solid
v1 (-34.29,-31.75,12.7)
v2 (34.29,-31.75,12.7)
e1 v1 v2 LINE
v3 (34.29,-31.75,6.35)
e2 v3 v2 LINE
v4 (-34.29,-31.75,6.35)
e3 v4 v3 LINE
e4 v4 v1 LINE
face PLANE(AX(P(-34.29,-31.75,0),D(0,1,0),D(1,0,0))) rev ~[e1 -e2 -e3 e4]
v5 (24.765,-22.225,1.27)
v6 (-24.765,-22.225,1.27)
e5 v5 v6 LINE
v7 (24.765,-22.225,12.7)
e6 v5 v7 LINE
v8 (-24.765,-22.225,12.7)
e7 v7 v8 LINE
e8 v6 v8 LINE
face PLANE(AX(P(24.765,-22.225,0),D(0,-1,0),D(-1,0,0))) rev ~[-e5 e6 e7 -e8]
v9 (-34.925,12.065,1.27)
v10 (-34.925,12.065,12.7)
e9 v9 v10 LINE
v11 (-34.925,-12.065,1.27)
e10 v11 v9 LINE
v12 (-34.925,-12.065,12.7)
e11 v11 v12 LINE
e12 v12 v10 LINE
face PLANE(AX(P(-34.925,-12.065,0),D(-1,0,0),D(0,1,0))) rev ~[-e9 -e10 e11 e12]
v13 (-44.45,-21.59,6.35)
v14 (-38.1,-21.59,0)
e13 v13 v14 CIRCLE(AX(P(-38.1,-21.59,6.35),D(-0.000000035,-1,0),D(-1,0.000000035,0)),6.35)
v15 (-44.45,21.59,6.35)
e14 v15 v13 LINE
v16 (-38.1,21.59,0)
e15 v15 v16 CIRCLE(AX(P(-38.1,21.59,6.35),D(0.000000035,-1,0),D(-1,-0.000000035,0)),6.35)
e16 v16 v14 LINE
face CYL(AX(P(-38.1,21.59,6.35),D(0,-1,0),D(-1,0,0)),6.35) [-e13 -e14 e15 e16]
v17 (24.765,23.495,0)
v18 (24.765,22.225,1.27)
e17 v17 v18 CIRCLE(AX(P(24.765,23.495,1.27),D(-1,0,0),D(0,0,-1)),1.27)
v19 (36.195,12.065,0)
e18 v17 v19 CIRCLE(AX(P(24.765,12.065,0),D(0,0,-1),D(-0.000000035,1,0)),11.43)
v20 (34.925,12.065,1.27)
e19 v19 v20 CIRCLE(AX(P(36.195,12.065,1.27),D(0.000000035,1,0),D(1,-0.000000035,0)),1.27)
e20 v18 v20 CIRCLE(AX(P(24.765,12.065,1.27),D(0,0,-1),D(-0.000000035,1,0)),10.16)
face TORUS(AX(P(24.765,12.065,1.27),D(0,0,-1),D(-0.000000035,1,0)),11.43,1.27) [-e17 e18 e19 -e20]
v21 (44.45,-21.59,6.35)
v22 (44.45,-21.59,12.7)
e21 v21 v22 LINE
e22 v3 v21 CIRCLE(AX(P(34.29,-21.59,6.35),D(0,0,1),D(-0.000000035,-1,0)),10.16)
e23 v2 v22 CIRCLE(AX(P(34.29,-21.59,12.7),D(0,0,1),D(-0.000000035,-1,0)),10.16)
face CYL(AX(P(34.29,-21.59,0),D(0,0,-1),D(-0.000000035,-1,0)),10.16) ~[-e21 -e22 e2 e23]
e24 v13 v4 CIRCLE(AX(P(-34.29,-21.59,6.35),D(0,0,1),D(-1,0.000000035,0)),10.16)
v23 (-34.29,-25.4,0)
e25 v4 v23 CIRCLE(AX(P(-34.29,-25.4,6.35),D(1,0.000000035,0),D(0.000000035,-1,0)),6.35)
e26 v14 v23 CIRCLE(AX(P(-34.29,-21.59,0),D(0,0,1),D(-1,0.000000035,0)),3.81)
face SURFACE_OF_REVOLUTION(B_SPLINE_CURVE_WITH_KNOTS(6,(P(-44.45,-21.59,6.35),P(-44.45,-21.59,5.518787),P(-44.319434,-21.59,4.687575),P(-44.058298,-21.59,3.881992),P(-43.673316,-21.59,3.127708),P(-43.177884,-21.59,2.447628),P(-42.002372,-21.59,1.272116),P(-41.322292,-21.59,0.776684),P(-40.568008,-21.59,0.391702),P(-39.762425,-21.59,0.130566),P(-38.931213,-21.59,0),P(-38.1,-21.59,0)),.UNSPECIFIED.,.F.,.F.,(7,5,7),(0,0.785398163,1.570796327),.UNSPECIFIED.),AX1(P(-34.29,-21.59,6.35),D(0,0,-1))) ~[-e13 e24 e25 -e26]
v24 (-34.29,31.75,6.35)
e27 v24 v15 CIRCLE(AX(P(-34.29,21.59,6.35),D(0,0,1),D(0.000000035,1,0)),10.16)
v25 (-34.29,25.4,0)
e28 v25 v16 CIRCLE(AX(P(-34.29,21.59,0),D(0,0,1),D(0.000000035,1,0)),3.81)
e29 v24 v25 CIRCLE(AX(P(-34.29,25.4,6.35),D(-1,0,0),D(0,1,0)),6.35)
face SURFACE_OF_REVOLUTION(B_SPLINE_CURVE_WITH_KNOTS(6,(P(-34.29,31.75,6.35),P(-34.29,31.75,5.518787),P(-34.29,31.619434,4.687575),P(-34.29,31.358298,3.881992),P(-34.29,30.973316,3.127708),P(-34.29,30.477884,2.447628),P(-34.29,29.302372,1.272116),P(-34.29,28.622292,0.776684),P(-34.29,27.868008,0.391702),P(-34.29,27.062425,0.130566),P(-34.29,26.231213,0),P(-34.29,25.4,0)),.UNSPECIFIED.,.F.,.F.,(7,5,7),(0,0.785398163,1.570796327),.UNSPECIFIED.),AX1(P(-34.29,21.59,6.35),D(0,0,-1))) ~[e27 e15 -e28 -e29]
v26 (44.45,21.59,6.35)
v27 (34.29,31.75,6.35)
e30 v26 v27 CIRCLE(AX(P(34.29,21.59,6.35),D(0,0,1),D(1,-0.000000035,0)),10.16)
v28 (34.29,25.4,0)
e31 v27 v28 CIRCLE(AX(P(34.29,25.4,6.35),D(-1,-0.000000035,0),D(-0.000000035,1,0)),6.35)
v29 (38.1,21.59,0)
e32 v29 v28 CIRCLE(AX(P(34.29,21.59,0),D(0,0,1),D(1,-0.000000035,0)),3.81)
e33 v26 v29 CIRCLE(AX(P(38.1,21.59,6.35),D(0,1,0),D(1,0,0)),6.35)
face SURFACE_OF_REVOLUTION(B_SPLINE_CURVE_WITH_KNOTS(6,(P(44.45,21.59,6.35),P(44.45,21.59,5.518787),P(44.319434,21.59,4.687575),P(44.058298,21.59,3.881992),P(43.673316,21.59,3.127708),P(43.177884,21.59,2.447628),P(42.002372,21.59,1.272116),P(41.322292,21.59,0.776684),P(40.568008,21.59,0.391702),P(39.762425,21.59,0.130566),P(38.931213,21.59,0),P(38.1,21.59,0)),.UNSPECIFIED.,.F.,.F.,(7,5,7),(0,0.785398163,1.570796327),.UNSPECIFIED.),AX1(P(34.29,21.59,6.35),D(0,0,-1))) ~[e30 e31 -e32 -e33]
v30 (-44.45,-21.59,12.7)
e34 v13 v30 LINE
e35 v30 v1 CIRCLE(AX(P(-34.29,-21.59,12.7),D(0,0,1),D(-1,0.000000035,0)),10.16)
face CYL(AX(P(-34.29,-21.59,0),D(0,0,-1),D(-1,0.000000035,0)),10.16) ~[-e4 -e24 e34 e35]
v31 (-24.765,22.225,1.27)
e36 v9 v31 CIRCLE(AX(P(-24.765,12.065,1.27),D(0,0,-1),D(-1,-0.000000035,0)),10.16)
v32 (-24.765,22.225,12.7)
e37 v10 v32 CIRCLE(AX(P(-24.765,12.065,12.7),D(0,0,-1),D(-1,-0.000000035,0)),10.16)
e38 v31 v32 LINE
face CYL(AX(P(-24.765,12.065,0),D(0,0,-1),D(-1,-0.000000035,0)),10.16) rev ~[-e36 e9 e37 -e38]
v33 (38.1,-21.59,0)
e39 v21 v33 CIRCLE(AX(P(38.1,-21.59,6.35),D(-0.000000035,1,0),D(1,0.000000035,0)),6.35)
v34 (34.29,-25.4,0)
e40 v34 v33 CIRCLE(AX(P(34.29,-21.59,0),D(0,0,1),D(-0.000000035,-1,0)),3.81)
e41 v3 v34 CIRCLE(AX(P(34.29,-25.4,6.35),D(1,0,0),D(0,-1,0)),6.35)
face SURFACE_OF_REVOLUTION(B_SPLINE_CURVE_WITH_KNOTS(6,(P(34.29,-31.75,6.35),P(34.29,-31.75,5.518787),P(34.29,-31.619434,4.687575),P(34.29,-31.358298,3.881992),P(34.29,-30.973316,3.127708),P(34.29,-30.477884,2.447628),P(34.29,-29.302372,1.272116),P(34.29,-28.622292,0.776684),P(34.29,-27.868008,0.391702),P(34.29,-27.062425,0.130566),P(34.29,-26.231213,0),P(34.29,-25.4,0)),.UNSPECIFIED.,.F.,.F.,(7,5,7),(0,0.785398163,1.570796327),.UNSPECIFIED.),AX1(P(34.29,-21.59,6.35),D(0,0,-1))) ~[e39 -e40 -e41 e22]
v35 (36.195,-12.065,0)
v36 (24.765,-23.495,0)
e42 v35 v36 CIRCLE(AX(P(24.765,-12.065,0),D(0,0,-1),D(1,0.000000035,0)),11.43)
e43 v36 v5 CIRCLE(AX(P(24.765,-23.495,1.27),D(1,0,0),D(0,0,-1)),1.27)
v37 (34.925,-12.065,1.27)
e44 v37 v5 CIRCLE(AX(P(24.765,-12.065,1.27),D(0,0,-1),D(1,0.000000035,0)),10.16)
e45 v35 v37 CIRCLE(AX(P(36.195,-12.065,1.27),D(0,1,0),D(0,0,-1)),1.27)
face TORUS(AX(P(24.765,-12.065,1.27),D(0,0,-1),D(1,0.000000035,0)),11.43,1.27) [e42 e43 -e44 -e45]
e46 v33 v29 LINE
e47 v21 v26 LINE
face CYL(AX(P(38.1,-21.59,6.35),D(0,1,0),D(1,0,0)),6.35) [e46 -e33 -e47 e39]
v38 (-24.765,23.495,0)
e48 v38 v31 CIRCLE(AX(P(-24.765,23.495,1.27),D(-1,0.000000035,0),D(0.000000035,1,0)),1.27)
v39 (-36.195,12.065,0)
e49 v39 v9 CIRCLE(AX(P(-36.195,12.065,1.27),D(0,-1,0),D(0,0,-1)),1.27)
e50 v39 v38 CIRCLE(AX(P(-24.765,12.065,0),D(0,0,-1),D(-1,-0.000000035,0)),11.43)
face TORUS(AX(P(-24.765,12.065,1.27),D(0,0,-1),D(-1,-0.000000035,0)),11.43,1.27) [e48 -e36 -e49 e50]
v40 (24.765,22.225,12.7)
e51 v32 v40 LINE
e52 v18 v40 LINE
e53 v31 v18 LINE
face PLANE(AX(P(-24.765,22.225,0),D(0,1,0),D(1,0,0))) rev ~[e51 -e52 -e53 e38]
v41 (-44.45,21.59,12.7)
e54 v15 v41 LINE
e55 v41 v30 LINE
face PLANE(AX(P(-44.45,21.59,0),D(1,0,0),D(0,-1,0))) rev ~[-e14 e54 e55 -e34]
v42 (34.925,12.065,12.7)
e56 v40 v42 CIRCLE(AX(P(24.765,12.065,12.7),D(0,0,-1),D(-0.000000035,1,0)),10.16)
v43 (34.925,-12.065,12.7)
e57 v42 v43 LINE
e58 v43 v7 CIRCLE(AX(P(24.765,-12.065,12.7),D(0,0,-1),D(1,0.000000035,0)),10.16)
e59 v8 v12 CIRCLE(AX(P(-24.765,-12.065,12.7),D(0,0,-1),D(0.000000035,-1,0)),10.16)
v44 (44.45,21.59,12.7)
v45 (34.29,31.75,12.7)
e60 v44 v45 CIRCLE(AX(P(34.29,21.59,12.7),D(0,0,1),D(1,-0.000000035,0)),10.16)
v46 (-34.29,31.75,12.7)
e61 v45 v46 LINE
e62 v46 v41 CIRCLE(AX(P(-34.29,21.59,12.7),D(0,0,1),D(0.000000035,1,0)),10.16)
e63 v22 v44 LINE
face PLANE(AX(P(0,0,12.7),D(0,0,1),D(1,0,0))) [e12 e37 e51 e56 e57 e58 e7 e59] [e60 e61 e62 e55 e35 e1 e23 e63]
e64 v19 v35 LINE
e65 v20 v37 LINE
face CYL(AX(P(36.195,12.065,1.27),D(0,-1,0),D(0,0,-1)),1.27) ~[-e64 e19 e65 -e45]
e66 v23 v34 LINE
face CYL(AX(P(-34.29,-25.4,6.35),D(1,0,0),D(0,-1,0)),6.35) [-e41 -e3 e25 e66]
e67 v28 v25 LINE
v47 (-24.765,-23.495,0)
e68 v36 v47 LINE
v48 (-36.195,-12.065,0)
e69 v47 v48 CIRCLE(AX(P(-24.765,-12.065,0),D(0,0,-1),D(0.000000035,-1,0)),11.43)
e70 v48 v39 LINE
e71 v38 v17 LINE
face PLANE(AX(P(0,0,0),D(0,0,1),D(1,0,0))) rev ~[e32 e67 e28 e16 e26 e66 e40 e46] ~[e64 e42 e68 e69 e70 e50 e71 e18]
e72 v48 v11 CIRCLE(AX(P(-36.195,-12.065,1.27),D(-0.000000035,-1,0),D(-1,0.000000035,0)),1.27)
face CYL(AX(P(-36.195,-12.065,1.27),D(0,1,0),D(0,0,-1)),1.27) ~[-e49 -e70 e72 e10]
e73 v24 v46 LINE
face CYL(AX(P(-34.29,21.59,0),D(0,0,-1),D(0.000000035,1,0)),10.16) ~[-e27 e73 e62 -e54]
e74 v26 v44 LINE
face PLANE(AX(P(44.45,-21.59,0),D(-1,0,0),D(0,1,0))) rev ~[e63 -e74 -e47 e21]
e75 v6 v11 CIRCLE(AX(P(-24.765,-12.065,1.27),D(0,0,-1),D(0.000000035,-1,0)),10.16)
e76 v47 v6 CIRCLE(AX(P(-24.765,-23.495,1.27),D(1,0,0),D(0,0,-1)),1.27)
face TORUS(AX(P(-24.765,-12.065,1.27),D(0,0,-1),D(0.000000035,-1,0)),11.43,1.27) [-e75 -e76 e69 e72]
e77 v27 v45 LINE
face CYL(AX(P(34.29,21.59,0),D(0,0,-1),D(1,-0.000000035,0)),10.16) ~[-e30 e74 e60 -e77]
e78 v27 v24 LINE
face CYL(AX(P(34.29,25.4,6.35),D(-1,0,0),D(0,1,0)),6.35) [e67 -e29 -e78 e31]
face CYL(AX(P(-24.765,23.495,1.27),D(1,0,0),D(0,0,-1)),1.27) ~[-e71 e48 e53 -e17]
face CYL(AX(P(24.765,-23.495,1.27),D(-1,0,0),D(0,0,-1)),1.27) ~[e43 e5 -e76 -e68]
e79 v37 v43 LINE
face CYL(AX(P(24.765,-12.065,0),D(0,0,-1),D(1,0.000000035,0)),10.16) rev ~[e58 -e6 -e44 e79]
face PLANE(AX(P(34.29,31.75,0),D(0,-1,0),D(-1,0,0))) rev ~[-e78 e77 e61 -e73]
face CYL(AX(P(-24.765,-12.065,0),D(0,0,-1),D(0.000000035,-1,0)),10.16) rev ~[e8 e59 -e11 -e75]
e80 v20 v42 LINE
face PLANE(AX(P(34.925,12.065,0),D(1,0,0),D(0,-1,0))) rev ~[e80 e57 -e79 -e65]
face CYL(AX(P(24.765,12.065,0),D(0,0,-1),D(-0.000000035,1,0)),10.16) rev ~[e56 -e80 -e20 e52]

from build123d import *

# Parameters (mm, degrees)
F1_DEPTH = 12.7
F2_R     = 6.35
F3_R     = 1.27


with BuildPart() as f1:
    # F0 (on Top) → F1 (new body)
    with BuildSketch(Plane.XY):
        with BuildLine():
            Line((34.29, 31.75), (-34.29, 31.75))
            ThreePointArc((-34.29, 31.75), (-41.474205, 28.774205), (-44.45, 21.59))
            Line((-44.45, 21.59), (-44.45, -21.59))
            ThreePointArc((-44.45, -21.59), (-41.474205, -28.774205), (-34.29, -31.75))
            Line((-34.29, -31.75), (34.29, -31.75))
            ThreePointArc((34.29, -31.75), (41.474205, -28.774205), (44.45, -21.59))
            Line((44.45, -21.59), (44.45, 21.59))
            ThreePointArc((44.45, 21.59), (41.474205, 28.774205), (34.29, 31.75))
        make_face()
        with BuildLine():
            ThreePointArc((34.925, -12.065), (31.949205, -19.249205), (24.765, -22.225))
            Line((24.765, -22.225), (-24.765, -22.225))
            ThreePointArc((-24.765, -22.225), (-31.949205, -19.249205), (-34.925, -12.065))
            Line((-34.925, -12.065), (-34.925, 12.065))
            ThreePointArc((-34.925, 12.065), (-31.949205, 19.249205), (-24.765, 22.225))
            Line((-24.765, 22.225), (24.765, 22.225))
            ThreePointArc((24.765, 22.225), (31.949205, 19.249205), (34.925, 12.065))
            Line((34.925, 12.065), (34.925, -12.065))
        make_face(mode=Mode.SUBTRACT)
    extrude(amount=F1_DEPTH)

    # F2
    f2_edges = [f1.edges().sort_by_distance(p)[0] for p in [
        (-41.474205, -28.774205, 0),
    ]]
    fillet(f2_edges, radius=F2_R)

    # F3
    f3_edges = [f1.edges().sort_by_distance(p)[0] for p in [
        (0, -22.225, 0),
        (-31.949205, -19.249205, 0),
        (-34.925, 0, 0),
        (-31.949205, 19.249205, 0),
        (0, 22.225, 0),
        (31.949205, 19.249205, 0),
        (34.925, 0, 0),
        (31.949205, -19.249205, 0),
    ]]
    fillet(f3_edges, radius=F3_R)


solid = f1.part
